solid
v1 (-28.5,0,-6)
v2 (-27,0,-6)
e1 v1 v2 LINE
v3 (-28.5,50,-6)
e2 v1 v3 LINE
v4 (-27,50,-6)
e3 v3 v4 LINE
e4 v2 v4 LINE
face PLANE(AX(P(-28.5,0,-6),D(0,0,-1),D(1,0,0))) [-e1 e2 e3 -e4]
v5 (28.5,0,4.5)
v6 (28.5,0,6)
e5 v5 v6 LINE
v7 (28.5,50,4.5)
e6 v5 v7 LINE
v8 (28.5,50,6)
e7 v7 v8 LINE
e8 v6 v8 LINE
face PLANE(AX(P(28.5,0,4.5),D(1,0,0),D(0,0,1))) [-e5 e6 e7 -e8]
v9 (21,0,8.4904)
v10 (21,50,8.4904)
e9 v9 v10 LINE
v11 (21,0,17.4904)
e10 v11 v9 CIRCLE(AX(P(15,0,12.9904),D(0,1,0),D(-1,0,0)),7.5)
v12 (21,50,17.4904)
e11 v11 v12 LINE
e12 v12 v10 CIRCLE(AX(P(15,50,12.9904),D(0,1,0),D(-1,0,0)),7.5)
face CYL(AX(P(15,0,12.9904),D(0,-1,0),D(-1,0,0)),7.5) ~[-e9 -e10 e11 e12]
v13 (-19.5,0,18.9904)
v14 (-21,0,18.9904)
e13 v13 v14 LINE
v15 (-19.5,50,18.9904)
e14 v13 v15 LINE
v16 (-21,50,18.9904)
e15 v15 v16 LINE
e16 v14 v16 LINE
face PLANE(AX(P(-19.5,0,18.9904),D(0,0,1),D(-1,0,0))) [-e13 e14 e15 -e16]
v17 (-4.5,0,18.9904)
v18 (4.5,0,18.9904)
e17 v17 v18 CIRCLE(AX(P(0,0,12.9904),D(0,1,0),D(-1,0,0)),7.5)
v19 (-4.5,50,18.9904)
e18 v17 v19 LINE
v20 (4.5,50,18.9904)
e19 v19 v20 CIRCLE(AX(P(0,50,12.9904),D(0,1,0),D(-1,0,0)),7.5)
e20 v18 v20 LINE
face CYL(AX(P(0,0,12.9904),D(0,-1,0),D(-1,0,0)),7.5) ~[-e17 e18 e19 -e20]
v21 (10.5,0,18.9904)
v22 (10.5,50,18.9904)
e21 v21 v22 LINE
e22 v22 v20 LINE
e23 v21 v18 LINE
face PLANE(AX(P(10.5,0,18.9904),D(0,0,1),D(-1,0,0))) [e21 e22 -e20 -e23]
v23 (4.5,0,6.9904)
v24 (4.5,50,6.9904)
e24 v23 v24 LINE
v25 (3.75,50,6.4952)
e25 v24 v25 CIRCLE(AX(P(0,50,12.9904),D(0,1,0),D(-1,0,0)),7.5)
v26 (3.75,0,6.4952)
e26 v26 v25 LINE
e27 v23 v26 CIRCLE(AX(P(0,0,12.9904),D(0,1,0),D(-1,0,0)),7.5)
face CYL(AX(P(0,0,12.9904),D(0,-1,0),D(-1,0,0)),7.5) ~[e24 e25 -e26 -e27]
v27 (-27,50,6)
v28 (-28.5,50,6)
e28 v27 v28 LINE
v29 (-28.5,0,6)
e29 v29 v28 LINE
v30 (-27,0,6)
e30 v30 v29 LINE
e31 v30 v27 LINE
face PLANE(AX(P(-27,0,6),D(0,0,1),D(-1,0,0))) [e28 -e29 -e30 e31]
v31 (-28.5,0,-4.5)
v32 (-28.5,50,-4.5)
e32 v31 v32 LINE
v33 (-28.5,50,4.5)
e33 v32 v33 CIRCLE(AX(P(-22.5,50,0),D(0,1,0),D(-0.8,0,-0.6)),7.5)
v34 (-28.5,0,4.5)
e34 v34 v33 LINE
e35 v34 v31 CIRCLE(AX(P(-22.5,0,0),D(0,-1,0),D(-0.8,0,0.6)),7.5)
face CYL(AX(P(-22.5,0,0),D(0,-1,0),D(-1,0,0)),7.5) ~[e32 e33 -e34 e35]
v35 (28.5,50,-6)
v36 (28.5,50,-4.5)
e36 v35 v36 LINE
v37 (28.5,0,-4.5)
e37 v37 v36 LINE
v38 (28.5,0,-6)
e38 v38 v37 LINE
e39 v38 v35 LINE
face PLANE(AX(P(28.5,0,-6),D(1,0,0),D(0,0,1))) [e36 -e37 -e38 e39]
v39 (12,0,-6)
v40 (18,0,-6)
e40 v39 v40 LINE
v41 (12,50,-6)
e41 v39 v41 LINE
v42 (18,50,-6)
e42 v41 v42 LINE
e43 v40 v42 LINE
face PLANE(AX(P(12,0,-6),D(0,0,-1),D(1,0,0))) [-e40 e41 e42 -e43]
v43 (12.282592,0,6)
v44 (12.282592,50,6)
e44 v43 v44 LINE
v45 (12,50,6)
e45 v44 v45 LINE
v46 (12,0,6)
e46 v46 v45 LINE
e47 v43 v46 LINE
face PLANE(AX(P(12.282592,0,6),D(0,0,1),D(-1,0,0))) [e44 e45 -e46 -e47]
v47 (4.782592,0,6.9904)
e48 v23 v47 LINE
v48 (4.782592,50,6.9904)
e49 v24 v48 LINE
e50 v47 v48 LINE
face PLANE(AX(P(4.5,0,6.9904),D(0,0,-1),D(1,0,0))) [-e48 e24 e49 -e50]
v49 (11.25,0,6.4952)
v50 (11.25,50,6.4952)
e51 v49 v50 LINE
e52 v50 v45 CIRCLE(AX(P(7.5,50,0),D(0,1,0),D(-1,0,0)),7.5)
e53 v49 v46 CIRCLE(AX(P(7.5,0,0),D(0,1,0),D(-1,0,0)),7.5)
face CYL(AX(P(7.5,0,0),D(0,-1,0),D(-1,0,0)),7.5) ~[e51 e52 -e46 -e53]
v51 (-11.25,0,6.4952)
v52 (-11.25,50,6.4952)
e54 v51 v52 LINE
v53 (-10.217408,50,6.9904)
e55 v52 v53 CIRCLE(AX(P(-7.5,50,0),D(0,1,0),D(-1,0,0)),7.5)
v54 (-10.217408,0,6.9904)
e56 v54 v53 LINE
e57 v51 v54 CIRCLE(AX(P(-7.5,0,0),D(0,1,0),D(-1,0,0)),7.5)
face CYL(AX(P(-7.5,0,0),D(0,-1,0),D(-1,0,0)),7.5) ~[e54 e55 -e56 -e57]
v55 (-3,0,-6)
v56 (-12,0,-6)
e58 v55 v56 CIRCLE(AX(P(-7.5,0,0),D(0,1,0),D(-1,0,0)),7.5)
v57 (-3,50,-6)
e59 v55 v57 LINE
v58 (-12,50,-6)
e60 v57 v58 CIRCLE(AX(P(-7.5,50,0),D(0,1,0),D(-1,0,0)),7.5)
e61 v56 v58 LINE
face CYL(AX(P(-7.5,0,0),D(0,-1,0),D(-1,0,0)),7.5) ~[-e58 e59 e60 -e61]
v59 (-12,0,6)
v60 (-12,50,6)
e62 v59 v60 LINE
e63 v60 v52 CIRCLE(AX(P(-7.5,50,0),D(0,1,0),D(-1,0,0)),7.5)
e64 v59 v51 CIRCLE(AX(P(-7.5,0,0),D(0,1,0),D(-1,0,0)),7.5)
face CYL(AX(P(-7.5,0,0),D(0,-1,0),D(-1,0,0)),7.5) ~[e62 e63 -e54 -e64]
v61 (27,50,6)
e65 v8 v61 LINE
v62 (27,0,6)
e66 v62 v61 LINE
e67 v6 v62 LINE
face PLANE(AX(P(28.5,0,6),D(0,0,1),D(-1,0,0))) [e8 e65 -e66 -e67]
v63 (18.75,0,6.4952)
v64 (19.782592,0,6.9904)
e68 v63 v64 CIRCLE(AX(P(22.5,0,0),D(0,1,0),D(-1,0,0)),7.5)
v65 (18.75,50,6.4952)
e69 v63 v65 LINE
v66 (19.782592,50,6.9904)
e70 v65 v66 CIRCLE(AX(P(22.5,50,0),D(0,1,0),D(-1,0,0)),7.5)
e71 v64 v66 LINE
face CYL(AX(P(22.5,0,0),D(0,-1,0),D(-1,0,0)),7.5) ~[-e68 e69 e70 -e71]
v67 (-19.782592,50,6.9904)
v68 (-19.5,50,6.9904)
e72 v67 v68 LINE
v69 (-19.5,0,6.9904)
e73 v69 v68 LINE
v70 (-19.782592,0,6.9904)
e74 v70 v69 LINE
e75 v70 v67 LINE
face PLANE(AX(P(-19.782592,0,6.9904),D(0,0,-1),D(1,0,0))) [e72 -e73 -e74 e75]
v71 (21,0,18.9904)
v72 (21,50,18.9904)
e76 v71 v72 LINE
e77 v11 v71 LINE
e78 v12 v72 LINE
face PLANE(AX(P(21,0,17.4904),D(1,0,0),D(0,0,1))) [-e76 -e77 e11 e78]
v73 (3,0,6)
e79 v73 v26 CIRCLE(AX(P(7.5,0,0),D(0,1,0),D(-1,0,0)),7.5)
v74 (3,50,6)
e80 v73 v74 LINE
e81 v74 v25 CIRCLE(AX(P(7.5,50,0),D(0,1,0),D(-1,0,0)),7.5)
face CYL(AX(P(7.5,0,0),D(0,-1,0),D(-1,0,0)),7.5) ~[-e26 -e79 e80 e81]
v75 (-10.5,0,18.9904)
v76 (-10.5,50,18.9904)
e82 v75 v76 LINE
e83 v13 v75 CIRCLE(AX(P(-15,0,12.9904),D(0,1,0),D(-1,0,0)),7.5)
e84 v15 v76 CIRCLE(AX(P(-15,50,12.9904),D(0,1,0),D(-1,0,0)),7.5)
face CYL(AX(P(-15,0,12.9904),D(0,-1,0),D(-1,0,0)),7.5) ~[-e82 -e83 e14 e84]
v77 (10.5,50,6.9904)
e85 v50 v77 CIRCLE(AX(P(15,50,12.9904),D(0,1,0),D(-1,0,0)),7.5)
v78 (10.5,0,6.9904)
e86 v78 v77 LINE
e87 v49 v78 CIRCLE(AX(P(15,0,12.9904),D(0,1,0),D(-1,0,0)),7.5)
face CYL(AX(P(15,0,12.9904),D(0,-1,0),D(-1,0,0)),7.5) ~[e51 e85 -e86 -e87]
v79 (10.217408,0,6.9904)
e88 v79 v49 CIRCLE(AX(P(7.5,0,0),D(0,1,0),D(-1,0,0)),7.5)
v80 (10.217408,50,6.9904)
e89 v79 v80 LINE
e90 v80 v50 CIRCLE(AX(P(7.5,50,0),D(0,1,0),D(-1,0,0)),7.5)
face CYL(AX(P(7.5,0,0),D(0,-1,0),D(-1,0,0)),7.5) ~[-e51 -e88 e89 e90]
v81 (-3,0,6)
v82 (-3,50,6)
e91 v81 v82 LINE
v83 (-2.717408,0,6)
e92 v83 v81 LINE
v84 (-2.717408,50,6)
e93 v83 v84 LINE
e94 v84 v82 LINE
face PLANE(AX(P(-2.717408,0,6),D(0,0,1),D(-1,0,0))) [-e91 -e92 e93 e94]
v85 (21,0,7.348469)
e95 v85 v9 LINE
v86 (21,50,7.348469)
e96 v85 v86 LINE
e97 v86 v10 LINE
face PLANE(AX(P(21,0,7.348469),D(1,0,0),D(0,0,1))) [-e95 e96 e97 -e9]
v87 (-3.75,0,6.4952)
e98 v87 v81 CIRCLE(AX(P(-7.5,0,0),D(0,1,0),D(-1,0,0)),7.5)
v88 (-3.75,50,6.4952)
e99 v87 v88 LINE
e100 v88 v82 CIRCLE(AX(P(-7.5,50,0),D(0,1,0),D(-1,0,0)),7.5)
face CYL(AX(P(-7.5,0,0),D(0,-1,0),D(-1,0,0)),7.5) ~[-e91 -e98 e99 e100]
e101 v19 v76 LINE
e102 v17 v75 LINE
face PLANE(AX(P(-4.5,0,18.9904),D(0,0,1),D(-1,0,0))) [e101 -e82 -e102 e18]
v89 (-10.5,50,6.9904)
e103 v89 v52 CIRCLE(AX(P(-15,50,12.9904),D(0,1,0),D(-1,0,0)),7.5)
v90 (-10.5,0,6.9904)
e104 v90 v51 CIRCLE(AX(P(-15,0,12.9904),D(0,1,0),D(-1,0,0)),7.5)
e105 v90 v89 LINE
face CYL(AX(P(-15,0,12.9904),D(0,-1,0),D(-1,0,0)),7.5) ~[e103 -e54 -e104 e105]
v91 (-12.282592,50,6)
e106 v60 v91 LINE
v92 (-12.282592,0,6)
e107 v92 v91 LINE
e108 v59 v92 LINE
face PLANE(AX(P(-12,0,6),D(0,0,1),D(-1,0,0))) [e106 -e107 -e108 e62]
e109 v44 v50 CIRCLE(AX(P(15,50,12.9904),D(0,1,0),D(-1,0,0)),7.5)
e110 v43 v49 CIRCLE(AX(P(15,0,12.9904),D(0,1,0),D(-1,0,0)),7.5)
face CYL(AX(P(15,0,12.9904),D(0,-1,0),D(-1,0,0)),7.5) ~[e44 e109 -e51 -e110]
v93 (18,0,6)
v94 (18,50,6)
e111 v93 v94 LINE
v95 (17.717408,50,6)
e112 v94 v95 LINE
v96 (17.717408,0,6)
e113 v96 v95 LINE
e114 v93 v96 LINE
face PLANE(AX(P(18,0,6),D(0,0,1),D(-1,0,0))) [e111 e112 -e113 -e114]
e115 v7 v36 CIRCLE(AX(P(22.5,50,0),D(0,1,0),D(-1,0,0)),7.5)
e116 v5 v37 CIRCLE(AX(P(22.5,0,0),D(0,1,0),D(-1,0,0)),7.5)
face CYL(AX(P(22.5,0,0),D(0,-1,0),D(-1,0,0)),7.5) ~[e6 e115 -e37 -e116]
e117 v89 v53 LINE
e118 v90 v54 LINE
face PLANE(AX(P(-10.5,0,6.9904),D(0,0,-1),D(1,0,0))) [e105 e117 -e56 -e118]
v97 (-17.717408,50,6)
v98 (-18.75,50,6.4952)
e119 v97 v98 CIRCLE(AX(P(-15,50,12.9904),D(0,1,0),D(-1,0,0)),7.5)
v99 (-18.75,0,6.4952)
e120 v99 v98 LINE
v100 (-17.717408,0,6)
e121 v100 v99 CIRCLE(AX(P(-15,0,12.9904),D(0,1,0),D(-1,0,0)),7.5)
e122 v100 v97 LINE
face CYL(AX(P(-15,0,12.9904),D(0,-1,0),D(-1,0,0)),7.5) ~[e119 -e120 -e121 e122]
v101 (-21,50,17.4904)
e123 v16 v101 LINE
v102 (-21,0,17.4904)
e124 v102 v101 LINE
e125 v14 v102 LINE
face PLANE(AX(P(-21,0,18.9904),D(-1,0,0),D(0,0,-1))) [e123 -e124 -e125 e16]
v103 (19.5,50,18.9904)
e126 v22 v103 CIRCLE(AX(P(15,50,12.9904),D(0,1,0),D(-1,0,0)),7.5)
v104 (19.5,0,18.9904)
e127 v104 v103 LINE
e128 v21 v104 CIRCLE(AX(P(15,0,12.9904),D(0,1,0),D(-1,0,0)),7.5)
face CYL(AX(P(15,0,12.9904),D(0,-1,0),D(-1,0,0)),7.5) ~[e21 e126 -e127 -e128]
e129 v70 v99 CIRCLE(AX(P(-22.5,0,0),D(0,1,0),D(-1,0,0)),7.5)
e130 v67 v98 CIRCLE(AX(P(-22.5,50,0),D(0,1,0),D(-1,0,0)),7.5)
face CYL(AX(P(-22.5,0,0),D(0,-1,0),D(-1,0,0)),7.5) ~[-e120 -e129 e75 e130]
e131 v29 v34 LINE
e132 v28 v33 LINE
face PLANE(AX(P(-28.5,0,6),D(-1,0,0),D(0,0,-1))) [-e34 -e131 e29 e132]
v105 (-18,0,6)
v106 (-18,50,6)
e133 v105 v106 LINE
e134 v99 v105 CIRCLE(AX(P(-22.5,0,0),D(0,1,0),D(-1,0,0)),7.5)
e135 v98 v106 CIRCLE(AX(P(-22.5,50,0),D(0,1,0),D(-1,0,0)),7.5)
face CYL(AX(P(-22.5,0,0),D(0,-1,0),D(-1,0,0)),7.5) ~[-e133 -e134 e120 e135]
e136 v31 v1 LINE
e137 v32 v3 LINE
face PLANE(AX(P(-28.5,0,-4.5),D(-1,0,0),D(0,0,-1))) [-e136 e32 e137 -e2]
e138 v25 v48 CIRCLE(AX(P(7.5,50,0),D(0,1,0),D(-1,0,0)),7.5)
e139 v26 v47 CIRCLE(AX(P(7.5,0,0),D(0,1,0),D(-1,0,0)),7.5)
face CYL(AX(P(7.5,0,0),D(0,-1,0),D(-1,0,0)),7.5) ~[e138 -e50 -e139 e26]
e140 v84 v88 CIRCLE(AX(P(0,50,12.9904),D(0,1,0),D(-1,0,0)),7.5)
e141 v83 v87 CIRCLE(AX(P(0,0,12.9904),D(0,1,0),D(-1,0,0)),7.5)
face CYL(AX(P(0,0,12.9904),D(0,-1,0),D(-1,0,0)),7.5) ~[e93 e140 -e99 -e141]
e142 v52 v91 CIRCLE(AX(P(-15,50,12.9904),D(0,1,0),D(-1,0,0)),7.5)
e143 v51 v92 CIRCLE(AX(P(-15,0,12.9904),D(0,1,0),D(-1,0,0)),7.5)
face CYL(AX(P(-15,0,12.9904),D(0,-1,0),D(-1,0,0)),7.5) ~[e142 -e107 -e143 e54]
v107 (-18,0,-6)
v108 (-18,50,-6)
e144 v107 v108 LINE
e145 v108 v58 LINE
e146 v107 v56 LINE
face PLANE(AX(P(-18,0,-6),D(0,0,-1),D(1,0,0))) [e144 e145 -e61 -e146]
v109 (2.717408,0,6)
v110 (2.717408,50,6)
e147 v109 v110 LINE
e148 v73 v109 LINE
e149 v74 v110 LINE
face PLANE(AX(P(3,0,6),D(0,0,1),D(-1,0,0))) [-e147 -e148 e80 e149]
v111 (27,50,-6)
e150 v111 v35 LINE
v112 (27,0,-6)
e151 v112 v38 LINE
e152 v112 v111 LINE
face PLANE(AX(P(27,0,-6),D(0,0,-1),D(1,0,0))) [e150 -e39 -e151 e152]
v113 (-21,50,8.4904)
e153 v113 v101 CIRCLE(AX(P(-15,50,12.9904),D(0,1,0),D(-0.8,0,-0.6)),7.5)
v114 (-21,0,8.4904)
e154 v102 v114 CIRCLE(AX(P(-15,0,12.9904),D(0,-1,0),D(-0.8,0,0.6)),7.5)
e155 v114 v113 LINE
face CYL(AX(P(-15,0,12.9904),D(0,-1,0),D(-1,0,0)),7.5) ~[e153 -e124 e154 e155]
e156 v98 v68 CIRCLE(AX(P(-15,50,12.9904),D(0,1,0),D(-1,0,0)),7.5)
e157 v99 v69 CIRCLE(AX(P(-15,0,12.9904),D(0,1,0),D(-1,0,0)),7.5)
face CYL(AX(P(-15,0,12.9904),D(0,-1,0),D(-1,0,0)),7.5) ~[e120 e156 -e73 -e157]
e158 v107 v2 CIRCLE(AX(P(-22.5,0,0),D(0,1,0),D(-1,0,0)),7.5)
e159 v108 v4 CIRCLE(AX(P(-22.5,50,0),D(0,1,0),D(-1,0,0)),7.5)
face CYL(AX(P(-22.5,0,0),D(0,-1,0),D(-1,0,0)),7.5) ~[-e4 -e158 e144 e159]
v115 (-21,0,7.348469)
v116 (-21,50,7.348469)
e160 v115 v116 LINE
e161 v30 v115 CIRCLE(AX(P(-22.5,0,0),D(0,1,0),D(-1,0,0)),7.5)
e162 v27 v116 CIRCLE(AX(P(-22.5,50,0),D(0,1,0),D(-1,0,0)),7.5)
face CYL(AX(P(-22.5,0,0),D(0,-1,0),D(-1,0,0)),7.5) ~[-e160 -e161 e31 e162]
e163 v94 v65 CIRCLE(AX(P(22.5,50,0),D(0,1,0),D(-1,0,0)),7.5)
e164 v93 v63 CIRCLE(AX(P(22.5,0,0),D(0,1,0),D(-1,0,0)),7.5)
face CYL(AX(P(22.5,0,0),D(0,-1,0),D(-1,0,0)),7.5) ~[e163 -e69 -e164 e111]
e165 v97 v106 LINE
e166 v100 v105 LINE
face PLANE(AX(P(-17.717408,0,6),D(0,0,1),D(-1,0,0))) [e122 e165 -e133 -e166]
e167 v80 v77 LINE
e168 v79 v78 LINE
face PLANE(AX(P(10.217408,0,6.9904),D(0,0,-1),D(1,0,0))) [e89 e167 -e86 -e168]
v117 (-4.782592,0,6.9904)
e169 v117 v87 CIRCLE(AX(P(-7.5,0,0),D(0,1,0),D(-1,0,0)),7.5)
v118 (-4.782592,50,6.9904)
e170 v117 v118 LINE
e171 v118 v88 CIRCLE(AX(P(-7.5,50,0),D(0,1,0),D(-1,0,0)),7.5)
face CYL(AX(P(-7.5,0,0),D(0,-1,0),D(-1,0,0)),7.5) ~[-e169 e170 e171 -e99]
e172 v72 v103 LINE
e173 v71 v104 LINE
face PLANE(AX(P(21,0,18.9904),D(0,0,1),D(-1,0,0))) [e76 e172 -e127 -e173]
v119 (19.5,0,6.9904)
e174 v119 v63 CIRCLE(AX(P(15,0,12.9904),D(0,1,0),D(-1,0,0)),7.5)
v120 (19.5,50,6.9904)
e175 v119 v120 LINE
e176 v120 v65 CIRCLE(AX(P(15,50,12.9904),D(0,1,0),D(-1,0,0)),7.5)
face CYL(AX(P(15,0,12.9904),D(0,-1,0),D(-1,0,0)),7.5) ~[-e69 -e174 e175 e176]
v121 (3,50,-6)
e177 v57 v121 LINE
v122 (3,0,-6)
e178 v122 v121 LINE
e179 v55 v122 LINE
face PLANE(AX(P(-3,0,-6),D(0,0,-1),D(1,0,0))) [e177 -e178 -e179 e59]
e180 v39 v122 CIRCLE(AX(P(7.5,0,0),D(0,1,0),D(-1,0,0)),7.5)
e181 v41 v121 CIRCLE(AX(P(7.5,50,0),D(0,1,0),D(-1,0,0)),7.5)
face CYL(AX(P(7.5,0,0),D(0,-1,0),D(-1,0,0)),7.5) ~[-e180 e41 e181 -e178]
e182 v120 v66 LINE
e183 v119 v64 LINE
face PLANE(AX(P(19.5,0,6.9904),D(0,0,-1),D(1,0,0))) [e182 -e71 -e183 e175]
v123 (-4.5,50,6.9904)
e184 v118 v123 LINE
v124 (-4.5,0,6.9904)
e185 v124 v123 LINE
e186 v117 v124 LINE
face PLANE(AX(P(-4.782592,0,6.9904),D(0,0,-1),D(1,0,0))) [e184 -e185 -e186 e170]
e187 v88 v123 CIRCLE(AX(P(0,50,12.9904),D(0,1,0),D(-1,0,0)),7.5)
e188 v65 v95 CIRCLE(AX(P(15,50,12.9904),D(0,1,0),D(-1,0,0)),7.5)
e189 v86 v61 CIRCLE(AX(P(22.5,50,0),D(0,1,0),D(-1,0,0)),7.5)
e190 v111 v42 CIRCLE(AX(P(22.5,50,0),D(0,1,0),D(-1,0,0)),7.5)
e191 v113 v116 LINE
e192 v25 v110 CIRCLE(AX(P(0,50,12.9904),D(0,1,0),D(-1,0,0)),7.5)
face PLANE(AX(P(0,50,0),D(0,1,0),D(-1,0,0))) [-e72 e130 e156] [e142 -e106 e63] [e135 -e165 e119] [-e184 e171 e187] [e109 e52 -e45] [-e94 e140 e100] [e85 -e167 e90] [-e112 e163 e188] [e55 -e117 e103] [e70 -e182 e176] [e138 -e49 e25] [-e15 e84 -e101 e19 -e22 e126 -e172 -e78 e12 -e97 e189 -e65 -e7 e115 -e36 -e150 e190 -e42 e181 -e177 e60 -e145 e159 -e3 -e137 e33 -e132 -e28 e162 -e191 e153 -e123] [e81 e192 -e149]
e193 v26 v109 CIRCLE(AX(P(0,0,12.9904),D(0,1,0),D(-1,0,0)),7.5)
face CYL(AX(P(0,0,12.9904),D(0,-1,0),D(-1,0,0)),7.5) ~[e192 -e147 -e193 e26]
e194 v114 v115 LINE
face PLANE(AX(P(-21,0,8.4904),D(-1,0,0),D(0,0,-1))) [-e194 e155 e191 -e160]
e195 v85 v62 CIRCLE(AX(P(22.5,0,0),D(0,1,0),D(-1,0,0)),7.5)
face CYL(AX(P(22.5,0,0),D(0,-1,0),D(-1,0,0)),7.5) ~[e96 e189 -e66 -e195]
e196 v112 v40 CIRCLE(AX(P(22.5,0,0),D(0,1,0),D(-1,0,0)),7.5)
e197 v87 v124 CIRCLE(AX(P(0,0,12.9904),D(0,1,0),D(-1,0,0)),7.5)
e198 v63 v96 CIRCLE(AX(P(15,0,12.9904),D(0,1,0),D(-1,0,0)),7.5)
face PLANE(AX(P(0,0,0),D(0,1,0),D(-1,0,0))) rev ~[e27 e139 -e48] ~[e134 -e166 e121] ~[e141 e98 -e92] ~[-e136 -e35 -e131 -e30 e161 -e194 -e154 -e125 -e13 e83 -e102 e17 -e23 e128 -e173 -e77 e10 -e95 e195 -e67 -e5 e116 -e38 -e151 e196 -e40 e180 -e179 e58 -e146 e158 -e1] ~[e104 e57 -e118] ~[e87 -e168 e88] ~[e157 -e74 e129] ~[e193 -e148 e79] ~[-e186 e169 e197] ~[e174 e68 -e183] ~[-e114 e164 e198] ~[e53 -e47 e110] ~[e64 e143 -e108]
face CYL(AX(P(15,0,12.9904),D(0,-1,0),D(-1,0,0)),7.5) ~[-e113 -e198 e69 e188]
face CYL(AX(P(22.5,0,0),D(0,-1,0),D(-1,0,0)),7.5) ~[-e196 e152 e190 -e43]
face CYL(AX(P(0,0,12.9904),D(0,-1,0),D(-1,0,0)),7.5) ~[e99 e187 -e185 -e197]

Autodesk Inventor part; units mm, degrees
ref_plane "YZ Plane" through (0, 0, 0) normal (1, 0, 0) x (0, 1, 0)
ref_plane "XZ Plane" through (0, 0, 0) normal (0, 1, 0) x (-1, 0, 0)
ref_plane "XY Plane" through (0, 0, 0) normal (0, 0, 1) x (1, 0, 0)
sketch "Esquisse1" plane through (0, 0, 0) normal (0, 1, 0) x (-1, 0, 0)
  line L0 (-22.5, 0) -> (22.5, 0)
  circle A0 centre (-22.5, 0) radius 7.5
  circle A1 centre (-7.5, 0) radius 7.5
  circle A2 centre (22.5, 0) radius 7.5
  circle A3 centre (7.5, 0) radius 7.5
  line L1 (-15, 12.9904) -> (15, 12.9904)
  circle A4 centre (-15, 12.9904) radius 7.5
  circle A5 centre (0, 12.9904) radius 7.5
  circle A6 centre (15, 12.9904) radius 7.5
  line L2 (-28.5, 6) -> (28.5, 6)
  line L3 (28.5, 6) -> (28.5, -6)
  line L4 (28.5, -6) -> (-28.5, -6)
  line L5 (-28.5, -6) -> (-28.5, 6)
  line L6 (21, 6.9904) -> (-21, 6.9904)
  line L7 (-21, 6.9904) -> (-21, 18.9904)
  line L8 (-21, 18.9904) -> (21, 18.9904)
  line L9 (21, 18.9904) -> (21, 6.9904)
  point P0 (0, 0)
  point P1 (0, 0)
  dimension "d0" = 15
  dimension "d1" = 15
  dimension "d2" = 15
  dimension "d3" = 15
  dimension "d4" = 15
  dimension "d5" = 15
  dimension "d6" = 15
  dimension "d7" = 12
  dimension "d8" = 6
  dimension "d9" = 12
  dimension "d10" = 6
  dimension "d11" = 6
  dimension "d12" = 6
  dimension "d13" = 6
  dimension "d14" = 6
extrude "Extrusion1" add sketch "Esquisse1" along normal blind 50 contours A1 L2 L0 | A0 L4 L5 L2 | A1 L4 A0 | A0 L2 A4 A1 | L0 A1 L4 | A3 L2 L0 | A3 L4 A1 | A1 L2 A5 A3 | L0 A3 L4 | L2 A0 L7 L6 | A0 L4 | A1 L6 L2 | L4 A1 | A3 L2 A6 A2 | A2 L2 L3 L4 | A2 L4 A3 | A3 L6 L2 | L4 A3 | A4 L6 L2 | A0 L5 L2 | L2 A4 | L4 L5 A0 | A2 L6 L9 L2 | L4 A2 | A5 L6 L2 | L2 A5 | L6 L7 A0 | A0 L7 A4 L6 | A4 L7 L8 L6 | L5 A0 | L6 A4 A5 A1 | A1 L6 | A6 L2 L6 | A6 L2 | L2 L3 A2 | A2 L3 L4 | A5 L1 L6 | L6 A5 A6 A3 | A3 L6 | A4 L7 | A5 L8 L1 | A4 L8 A5 | L6 A6 L9 A2 | A2 L9 L6 | L6 A6 L8 L9 | A2 L3 | A5 L8 A6 | L7 L8 A4 | L8 A4 | A5 L8 | L9 A6 | A6 L8 | A6 L8 L9
equation "\"d1\" = d0"
equation "\"d3\" = d0"
equation "\"d4\" = d3"
equation "\"d5\" = d3"
equation "\"d6\" = d3"
equation "\"d8\" = 0.5 * d7"
equation "\"d10\" = 0.5 * d9"
equation "\"d11\" = d10"
equation "\"d12\" = d10"
equation "\"d13\" = d8"
equation "\"d14\" = d8"
properties part number "pololu_batterie_8p4v"
